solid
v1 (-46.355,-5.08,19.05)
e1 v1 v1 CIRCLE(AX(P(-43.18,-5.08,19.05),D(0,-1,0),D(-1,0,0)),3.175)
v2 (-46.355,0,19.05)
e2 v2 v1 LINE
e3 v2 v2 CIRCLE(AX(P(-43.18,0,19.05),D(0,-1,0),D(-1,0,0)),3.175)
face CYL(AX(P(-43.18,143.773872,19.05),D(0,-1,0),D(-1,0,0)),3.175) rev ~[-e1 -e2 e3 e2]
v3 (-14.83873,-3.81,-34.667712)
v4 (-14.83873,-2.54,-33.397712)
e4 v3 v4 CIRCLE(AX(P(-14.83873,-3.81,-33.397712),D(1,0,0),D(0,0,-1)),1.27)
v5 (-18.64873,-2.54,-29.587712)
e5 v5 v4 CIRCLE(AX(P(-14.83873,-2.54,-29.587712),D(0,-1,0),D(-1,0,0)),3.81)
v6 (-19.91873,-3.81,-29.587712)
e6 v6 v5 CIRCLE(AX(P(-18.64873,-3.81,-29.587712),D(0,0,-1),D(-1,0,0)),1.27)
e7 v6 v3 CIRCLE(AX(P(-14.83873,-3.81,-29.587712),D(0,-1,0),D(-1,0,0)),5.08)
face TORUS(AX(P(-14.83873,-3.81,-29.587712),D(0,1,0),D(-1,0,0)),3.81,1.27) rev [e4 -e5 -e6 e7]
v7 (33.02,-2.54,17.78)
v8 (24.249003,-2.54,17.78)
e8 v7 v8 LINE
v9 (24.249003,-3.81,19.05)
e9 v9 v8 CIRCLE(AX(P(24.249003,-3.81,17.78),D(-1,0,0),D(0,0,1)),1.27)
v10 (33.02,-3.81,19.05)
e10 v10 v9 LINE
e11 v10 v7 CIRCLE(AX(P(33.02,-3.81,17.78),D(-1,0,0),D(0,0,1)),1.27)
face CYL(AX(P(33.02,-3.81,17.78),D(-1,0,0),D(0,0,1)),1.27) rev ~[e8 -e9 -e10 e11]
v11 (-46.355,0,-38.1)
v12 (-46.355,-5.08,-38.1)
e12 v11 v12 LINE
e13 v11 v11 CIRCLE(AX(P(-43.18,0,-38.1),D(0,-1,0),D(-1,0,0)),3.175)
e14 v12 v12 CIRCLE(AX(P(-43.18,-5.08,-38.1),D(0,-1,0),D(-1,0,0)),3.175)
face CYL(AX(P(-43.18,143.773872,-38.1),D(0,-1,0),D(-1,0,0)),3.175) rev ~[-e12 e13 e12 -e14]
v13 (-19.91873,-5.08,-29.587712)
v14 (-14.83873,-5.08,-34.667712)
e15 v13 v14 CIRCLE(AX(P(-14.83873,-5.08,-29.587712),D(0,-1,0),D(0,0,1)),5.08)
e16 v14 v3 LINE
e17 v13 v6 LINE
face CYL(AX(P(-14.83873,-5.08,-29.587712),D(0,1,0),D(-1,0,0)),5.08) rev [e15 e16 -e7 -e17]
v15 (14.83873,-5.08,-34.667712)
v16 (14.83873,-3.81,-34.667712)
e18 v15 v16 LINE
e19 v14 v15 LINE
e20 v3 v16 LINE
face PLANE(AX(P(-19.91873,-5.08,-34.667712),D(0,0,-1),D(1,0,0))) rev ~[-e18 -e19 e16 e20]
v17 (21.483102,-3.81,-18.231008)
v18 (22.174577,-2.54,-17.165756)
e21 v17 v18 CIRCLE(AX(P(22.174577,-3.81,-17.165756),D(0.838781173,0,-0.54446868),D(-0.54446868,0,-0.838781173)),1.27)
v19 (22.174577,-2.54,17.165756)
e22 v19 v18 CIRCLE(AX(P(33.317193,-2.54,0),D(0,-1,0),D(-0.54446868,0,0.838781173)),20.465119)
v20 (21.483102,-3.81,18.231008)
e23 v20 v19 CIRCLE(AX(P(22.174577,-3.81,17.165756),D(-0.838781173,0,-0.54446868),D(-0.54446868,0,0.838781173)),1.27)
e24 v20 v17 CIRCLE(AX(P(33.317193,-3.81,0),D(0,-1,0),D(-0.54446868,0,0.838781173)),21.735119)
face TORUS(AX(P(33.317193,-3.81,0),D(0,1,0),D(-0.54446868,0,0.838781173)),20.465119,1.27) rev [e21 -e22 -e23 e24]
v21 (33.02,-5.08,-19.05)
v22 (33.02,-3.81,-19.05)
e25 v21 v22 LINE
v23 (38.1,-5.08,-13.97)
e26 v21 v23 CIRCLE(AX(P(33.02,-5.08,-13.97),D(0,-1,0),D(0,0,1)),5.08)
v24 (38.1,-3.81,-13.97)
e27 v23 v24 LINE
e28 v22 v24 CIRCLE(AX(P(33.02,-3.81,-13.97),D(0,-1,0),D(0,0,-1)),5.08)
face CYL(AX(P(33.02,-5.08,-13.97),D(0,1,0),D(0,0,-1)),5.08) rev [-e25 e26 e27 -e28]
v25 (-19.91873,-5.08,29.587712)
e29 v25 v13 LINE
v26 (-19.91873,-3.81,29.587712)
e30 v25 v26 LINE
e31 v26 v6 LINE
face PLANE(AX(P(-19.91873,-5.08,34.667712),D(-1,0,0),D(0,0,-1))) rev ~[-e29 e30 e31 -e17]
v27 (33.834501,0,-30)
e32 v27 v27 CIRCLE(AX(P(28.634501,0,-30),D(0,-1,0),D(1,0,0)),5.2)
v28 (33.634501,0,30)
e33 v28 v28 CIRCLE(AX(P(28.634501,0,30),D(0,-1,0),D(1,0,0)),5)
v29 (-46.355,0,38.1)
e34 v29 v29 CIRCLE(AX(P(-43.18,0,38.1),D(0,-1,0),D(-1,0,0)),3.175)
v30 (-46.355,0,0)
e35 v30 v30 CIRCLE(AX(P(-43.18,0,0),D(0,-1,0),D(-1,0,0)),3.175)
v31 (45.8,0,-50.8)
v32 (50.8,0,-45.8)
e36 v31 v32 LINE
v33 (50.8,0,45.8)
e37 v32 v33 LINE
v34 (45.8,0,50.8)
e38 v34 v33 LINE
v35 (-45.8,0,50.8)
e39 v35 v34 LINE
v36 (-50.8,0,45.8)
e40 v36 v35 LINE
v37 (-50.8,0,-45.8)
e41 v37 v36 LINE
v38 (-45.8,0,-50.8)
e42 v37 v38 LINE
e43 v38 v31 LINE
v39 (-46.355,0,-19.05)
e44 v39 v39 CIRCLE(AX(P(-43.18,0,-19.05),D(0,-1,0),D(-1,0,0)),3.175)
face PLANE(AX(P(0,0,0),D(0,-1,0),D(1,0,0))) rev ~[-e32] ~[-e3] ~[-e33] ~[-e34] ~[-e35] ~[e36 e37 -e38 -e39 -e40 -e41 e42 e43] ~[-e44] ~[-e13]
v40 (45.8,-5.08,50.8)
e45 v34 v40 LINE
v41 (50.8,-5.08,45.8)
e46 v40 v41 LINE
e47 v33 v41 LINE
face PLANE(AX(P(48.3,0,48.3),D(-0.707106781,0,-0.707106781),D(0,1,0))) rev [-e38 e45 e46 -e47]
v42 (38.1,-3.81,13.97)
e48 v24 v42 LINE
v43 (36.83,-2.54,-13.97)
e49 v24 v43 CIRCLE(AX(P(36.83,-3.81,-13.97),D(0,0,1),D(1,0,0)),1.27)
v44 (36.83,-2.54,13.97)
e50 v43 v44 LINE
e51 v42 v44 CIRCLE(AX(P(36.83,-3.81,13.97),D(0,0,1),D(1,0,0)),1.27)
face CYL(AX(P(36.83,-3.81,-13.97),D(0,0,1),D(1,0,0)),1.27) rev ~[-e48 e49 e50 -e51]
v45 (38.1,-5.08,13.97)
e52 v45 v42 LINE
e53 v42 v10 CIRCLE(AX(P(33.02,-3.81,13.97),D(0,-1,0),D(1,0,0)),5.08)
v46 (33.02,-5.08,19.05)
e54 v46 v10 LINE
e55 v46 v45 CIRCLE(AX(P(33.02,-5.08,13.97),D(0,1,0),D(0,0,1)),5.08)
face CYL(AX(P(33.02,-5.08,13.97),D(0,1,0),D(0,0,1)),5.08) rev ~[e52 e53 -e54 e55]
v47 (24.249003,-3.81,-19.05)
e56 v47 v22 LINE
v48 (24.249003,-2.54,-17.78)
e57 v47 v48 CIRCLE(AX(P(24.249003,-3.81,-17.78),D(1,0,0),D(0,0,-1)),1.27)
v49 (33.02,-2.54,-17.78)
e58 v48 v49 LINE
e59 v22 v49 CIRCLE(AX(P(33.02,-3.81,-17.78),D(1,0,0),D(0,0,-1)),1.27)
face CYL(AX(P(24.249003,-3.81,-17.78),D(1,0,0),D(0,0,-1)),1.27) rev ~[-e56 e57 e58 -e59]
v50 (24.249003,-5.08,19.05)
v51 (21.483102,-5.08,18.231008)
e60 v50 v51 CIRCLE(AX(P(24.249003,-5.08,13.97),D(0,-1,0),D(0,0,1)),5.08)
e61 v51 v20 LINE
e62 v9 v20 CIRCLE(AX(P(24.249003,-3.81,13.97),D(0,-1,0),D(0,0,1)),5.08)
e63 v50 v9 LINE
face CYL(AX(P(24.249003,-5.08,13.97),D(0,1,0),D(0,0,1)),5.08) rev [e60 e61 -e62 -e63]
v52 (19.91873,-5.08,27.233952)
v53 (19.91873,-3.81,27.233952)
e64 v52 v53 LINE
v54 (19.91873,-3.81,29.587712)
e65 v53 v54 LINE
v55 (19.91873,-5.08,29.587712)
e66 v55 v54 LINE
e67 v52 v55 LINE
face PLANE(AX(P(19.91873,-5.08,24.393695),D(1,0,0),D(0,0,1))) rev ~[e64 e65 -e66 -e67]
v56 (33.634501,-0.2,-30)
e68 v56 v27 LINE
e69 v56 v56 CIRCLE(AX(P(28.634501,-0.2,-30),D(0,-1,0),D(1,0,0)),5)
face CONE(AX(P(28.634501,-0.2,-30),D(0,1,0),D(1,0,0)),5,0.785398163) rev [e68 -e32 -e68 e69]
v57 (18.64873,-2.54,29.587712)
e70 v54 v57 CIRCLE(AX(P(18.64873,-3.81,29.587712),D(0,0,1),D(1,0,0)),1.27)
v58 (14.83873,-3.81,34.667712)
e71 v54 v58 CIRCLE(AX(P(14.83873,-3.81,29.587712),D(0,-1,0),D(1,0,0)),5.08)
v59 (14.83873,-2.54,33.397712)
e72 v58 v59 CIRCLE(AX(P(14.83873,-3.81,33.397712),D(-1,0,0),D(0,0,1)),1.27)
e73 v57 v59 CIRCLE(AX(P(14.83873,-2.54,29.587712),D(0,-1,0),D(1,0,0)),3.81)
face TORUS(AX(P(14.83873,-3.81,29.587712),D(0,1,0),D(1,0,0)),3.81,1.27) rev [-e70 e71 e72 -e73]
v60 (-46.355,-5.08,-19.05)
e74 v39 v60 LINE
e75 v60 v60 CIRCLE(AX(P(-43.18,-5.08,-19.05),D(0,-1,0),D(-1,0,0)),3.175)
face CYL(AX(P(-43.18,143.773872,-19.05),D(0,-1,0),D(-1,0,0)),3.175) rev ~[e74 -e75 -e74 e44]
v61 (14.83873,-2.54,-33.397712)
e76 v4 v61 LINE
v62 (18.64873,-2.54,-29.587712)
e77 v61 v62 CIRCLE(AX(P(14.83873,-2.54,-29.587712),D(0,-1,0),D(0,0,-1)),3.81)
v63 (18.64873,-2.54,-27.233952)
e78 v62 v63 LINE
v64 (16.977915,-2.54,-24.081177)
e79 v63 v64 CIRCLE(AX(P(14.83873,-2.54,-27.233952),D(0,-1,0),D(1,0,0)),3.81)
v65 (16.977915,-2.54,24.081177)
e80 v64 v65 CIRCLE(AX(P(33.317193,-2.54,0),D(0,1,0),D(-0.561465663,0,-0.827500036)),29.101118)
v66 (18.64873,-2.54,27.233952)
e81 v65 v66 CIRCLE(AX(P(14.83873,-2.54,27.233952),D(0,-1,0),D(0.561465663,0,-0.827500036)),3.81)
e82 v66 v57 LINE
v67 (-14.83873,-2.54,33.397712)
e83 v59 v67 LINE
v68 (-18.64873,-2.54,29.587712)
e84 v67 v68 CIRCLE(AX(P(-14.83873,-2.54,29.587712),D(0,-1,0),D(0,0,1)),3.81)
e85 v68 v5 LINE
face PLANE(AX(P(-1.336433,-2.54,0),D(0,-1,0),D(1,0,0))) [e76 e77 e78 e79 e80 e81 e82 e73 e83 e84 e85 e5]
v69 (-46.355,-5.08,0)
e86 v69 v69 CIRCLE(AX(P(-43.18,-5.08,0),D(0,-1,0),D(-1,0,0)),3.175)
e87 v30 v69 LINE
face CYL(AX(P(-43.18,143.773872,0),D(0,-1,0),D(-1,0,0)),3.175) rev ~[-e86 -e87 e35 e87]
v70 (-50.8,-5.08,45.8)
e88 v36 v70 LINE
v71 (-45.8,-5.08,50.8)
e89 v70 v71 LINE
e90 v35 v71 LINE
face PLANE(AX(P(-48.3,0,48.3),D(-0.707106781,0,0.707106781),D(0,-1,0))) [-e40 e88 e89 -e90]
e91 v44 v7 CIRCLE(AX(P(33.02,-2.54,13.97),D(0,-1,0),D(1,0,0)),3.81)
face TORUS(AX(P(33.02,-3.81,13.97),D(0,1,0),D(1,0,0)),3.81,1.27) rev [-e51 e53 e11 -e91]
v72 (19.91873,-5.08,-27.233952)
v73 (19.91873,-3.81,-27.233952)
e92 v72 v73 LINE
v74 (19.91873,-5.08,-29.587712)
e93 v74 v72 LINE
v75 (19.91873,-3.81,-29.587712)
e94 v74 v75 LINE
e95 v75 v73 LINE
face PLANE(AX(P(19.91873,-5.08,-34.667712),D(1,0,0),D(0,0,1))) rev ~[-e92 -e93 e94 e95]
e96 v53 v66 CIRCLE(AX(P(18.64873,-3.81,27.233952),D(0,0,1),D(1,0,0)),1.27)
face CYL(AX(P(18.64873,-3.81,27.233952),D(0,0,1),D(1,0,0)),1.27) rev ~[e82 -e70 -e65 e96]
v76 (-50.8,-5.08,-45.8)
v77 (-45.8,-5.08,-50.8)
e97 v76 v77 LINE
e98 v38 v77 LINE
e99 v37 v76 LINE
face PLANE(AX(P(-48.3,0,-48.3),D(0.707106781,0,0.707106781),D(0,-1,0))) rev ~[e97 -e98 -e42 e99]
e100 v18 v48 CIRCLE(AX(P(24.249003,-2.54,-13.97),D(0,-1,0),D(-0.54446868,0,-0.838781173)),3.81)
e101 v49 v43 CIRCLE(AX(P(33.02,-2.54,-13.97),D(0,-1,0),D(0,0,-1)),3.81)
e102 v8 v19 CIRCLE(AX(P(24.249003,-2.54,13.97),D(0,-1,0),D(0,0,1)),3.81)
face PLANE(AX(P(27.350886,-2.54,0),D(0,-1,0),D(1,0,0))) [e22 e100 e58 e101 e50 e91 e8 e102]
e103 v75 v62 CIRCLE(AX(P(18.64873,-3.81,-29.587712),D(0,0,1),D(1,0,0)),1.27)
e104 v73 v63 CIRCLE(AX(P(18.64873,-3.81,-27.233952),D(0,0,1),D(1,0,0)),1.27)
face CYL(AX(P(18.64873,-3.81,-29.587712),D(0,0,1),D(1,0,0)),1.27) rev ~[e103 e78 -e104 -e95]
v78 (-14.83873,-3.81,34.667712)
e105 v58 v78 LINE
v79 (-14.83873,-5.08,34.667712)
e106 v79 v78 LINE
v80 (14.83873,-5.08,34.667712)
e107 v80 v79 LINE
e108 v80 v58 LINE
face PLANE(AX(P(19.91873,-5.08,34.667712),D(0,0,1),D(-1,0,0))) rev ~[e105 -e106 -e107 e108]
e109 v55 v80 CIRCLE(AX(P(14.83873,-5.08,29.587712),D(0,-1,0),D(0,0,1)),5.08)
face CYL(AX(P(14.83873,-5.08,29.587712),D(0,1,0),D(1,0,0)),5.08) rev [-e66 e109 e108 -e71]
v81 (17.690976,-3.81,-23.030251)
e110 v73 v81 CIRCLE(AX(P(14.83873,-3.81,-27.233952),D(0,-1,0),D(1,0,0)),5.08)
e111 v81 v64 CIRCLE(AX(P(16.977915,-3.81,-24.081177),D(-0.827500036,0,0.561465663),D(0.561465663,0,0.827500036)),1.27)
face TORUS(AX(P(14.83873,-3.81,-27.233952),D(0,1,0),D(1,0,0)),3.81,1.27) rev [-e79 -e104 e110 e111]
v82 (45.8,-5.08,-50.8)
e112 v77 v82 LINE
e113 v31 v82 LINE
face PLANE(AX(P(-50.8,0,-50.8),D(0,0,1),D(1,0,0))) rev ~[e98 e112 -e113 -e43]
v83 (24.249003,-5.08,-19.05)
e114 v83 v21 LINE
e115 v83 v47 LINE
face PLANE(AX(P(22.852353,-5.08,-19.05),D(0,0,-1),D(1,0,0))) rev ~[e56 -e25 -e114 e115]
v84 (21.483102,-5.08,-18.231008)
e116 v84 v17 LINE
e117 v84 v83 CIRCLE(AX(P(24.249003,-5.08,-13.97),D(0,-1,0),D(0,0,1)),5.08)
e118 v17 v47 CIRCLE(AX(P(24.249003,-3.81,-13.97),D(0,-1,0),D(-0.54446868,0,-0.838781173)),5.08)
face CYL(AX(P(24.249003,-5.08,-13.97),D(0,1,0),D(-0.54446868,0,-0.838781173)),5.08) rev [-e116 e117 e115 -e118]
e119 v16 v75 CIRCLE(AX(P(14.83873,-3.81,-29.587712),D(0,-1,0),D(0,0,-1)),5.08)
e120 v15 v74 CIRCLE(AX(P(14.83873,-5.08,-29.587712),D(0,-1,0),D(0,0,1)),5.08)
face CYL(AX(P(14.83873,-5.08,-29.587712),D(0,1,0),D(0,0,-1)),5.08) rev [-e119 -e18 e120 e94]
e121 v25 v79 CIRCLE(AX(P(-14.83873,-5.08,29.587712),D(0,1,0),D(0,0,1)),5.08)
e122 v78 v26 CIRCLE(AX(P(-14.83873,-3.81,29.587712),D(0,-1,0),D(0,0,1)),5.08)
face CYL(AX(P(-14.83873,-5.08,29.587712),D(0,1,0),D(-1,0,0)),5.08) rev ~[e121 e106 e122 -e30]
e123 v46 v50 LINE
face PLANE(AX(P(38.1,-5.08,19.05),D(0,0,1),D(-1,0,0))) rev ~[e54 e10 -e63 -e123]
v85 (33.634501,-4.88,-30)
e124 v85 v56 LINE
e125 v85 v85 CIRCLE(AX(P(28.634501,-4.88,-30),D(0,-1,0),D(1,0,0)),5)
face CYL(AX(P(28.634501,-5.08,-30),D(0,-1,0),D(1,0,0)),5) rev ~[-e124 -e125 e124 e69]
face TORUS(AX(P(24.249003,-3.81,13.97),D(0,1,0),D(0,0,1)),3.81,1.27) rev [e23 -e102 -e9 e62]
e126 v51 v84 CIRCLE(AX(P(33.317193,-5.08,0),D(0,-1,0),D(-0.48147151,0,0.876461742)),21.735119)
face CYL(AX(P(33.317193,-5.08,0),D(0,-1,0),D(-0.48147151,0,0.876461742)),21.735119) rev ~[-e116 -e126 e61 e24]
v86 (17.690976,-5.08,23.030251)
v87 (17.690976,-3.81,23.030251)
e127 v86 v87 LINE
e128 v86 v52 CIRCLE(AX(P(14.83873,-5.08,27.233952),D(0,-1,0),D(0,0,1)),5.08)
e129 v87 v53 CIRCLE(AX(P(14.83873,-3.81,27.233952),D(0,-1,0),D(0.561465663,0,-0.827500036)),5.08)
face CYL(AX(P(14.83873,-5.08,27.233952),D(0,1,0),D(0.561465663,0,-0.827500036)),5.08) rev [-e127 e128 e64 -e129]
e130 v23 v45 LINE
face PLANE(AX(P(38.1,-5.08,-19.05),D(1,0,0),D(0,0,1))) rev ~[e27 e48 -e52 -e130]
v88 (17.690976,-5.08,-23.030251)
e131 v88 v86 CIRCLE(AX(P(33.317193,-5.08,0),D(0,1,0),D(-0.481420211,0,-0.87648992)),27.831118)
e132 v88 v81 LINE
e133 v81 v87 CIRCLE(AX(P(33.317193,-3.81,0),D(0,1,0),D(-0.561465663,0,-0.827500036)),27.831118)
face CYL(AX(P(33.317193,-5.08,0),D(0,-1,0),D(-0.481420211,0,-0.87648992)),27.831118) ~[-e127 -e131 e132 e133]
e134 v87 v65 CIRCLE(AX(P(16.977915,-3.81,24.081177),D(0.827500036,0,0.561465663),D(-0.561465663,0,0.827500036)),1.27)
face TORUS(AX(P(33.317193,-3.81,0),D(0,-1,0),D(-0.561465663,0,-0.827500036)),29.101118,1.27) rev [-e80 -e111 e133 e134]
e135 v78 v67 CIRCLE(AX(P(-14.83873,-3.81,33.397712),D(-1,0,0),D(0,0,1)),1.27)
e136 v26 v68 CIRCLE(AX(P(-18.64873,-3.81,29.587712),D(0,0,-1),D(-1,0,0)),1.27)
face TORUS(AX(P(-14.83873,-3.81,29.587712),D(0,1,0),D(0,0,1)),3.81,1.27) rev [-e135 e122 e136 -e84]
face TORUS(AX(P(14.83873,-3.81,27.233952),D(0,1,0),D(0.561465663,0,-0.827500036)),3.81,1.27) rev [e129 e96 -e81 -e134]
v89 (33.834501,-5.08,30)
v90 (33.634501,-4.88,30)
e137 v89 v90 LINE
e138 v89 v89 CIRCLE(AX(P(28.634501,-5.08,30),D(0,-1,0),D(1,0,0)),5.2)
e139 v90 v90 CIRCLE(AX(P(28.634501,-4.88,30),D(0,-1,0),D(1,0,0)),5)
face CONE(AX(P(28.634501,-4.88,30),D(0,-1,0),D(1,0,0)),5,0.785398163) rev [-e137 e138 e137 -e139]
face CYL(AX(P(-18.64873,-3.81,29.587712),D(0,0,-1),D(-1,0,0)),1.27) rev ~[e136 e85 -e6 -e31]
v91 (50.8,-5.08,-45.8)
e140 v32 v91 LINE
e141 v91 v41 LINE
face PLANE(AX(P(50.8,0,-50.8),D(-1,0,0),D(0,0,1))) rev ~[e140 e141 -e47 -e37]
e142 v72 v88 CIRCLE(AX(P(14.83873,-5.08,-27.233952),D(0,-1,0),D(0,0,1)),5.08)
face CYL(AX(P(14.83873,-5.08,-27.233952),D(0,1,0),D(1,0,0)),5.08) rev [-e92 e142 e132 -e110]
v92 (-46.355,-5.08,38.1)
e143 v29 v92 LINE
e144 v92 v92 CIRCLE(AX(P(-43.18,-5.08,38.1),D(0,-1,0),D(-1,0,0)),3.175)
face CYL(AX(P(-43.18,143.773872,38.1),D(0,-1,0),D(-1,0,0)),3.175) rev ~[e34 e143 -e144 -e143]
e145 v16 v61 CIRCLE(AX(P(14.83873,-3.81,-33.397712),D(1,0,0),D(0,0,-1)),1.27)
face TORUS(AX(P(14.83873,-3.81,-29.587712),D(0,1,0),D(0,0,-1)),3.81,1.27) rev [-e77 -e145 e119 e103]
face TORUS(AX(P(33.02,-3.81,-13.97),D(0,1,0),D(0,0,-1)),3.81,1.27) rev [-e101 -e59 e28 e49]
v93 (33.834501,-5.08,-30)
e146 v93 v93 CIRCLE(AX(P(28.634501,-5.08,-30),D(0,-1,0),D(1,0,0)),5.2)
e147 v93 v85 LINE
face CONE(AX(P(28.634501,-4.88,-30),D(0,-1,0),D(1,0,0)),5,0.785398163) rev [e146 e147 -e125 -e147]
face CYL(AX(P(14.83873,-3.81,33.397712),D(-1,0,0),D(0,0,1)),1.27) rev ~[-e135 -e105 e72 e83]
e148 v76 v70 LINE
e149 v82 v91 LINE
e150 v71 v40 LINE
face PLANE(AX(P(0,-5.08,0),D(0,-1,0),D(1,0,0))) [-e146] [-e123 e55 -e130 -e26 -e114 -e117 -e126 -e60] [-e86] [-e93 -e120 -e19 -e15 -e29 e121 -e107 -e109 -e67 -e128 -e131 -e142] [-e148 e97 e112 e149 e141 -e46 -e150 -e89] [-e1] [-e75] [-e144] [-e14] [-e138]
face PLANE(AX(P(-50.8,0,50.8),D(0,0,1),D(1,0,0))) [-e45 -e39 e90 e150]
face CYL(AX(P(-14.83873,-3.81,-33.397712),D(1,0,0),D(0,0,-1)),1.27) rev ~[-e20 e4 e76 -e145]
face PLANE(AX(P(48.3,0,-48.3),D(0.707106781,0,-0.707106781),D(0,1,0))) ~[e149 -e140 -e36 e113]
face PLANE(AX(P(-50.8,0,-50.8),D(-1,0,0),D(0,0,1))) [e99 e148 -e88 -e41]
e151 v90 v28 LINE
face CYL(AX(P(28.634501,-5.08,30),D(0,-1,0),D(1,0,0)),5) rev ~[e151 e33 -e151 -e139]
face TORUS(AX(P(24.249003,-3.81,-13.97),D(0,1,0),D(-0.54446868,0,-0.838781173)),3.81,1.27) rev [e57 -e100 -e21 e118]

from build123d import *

# Parameters (mm, degrees)
F0_W      = 101.6
F0_H      = 101.6
F1_DEPTH  = 5.08
F3_D      = 6.35
F5_DEPTH  = 2.54
F6_R      = 5.08
F7_R      = 1.27
F9_DEPTH  = 2.54
F10_R     = 5.08
F11_R     = 1.27
F12_R     = 5
F13_DEPTH = 25
F14_SIZE  = 0.2
F15_SIZE  = 5


with BuildPart() as f1:
    # F0 (on Front) → F1 (new body)
    with BuildSketch(Plane.XZ):
        Rectangle(F0_W, F0_H)
    extrude(amount=F1_DEPTH)

    # F3 (through all)
    with Locations(Plane(origin=(0, 0, 0), x_dir=(1, 0, 0), z_dir=(0, 1, 0))):
        with Locations((-43.18, 38.1), (-43.18, 19.05), (-43.18, 0), (-43.18, -19.05), (-43.18, -38.1)):
            Hole(F3_D / 2)

    # F4 (on face) → F5 (cut)
    with BuildSketch(Plane.XZ.offset(5.08)):
        with BuildLine():
            Line((-19.9187304825, 34.667711705), (-19.9187304825, -34.667711705))
            Line((-19.9187304825, -34.667711705), (19.9187304825, -34.667711705))
            Line((19.9187304825, -34.667711705), (19.9187304825, -24.3936947418))
            ThreePointArc((19.9187304825, -24.3936947418), (5.4860749886, 0), (19.9187304825, 24.3936947418))
            Line((19.9187304825, 24.3936947418), (19.9187304825, 34.667711705))
            Line((19.9187304825, 34.667711705), (-19.9187304825, 34.667711705))
        make_face()
    extrude(amount=-F5_DEPTH, mode=Mode.SUBTRACT)

    # F6
    f6_edges = [f1.edges().sort_by_distance(p)[0] for p in [
        (-19.91873, -3.81, 34.667712),
        (19.91873, -3.81, 34.667712),
        (19.91873, -3.81, 24.393695),
        (19.91873, -3.81, -24.393695),
        (19.91873, -3.81, -34.667712),
        (-19.91873, -3.81, -34.667712),
    ]]
    fillet(f6_edges, radius=F6_R)

    # F7
    f7_edges = [f1.edges().sort_by_distance(p)[0] for p in [
        (19.91873, -2.54, 28.410832),
        (19.327372, -2.54, 24.855192),
        (18.430833, -2.54, 33.179814),
        (5.486075, -2.54, 0),
        (0, -2.54, 34.667712),
        (19.327372, -2.54, -24.855192),
        (-18.430833, -2.54, 33.179814),
        (19.91873, -2.54, -28.410832),
        (-19.91873, -2.54, 0),
        (18.430833, -2.54, -33.179814),
        (-18.430833, -2.54, -33.179814),
        (0, -2.54, -34.667712),
    ]]
    fillet(f7_edges, radius=F7_R)

    # F8 (on face) → F9 (cut)
    with BuildSketch(Plane.XZ.offset(5.08)):
        with BuildLine():
            Line((38.1, 19.05), (22.8523529701, 19.05))
            ThreePointArc((22.8523529701, 19.05), (11.5820746869, 0), (22.8523529701, -19.05))
            Line((22.8523529701, -19.05), (38.1, -19.05))
            Line((38.1, -19.05), (38.1, 19.05))
        make_face()
    extrude(amount=-F9_DEPTH, mode=Mode.SUBTRACT)

    # F10
    f10_edges = [f1.edges().sort_by_distance(p)[0] for p in [
        (22.852353, -3.81, 19.05),
        (38.1, -3.81, 19.05),
        (38.1, -3.81, -19.05),
        (22.852353, -3.81, -19.05),
    ]]
    fillet(f10_edges, radius=F10_R)

    # F11
    f11_edges = [f1.edges().sort_by_distance(p)[0] for p in [
        (28.634501, -2.54, -19.05),
        (22.8067, -2.54, -18.840951),
        (36.612102, -2.54, -17.562102),
        (11.582075, -2.54, 0),
        (38.1, -2.54, 0),
        (22.8067, -2.54, 18.840951),
        (36.612102, -2.54, 17.562102),
        (28.634501, -2.54, 19.05),
    ]]
    fillet(f11_edges, radius=F11_R)

    # F12 (on face) → F13 (cut)
    with BuildSketch(Plane.XZ.offset(5.08)):
        with Locations((28.6345014435, 30)):
            Circle(F12_R)
        with Locations((28.6345014435, -30)):
            Circle(F12_R)
    extrude(amount=-F13_DEPTH, mode=Mode.SUBTRACT)

    # F14
    f14_edges = [f1.edges().sort_by_distance(p)[0] for p in [
        (23.634501, -5.08, 30),
        (23.634501, -5.08, -30),
        (33.634501, -2.54, -30),
        (23.634501, 0, -30),
    ]]
    chamfer(f14_edges, length=F14_SIZE)

    # F15
    f15_edges = [f1.edges().sort_by_distance(p)[0] for p in [
        (50.8, -2.54, -50.8),
        (50.8, -2.54, 50.8),
        (-50.8, -2.54, -50.8),
        (-50.8, -2.54, 50.8),
    ]]
    chamfer(f15_edges, length=F15_SIZE)


solid = f1.part
